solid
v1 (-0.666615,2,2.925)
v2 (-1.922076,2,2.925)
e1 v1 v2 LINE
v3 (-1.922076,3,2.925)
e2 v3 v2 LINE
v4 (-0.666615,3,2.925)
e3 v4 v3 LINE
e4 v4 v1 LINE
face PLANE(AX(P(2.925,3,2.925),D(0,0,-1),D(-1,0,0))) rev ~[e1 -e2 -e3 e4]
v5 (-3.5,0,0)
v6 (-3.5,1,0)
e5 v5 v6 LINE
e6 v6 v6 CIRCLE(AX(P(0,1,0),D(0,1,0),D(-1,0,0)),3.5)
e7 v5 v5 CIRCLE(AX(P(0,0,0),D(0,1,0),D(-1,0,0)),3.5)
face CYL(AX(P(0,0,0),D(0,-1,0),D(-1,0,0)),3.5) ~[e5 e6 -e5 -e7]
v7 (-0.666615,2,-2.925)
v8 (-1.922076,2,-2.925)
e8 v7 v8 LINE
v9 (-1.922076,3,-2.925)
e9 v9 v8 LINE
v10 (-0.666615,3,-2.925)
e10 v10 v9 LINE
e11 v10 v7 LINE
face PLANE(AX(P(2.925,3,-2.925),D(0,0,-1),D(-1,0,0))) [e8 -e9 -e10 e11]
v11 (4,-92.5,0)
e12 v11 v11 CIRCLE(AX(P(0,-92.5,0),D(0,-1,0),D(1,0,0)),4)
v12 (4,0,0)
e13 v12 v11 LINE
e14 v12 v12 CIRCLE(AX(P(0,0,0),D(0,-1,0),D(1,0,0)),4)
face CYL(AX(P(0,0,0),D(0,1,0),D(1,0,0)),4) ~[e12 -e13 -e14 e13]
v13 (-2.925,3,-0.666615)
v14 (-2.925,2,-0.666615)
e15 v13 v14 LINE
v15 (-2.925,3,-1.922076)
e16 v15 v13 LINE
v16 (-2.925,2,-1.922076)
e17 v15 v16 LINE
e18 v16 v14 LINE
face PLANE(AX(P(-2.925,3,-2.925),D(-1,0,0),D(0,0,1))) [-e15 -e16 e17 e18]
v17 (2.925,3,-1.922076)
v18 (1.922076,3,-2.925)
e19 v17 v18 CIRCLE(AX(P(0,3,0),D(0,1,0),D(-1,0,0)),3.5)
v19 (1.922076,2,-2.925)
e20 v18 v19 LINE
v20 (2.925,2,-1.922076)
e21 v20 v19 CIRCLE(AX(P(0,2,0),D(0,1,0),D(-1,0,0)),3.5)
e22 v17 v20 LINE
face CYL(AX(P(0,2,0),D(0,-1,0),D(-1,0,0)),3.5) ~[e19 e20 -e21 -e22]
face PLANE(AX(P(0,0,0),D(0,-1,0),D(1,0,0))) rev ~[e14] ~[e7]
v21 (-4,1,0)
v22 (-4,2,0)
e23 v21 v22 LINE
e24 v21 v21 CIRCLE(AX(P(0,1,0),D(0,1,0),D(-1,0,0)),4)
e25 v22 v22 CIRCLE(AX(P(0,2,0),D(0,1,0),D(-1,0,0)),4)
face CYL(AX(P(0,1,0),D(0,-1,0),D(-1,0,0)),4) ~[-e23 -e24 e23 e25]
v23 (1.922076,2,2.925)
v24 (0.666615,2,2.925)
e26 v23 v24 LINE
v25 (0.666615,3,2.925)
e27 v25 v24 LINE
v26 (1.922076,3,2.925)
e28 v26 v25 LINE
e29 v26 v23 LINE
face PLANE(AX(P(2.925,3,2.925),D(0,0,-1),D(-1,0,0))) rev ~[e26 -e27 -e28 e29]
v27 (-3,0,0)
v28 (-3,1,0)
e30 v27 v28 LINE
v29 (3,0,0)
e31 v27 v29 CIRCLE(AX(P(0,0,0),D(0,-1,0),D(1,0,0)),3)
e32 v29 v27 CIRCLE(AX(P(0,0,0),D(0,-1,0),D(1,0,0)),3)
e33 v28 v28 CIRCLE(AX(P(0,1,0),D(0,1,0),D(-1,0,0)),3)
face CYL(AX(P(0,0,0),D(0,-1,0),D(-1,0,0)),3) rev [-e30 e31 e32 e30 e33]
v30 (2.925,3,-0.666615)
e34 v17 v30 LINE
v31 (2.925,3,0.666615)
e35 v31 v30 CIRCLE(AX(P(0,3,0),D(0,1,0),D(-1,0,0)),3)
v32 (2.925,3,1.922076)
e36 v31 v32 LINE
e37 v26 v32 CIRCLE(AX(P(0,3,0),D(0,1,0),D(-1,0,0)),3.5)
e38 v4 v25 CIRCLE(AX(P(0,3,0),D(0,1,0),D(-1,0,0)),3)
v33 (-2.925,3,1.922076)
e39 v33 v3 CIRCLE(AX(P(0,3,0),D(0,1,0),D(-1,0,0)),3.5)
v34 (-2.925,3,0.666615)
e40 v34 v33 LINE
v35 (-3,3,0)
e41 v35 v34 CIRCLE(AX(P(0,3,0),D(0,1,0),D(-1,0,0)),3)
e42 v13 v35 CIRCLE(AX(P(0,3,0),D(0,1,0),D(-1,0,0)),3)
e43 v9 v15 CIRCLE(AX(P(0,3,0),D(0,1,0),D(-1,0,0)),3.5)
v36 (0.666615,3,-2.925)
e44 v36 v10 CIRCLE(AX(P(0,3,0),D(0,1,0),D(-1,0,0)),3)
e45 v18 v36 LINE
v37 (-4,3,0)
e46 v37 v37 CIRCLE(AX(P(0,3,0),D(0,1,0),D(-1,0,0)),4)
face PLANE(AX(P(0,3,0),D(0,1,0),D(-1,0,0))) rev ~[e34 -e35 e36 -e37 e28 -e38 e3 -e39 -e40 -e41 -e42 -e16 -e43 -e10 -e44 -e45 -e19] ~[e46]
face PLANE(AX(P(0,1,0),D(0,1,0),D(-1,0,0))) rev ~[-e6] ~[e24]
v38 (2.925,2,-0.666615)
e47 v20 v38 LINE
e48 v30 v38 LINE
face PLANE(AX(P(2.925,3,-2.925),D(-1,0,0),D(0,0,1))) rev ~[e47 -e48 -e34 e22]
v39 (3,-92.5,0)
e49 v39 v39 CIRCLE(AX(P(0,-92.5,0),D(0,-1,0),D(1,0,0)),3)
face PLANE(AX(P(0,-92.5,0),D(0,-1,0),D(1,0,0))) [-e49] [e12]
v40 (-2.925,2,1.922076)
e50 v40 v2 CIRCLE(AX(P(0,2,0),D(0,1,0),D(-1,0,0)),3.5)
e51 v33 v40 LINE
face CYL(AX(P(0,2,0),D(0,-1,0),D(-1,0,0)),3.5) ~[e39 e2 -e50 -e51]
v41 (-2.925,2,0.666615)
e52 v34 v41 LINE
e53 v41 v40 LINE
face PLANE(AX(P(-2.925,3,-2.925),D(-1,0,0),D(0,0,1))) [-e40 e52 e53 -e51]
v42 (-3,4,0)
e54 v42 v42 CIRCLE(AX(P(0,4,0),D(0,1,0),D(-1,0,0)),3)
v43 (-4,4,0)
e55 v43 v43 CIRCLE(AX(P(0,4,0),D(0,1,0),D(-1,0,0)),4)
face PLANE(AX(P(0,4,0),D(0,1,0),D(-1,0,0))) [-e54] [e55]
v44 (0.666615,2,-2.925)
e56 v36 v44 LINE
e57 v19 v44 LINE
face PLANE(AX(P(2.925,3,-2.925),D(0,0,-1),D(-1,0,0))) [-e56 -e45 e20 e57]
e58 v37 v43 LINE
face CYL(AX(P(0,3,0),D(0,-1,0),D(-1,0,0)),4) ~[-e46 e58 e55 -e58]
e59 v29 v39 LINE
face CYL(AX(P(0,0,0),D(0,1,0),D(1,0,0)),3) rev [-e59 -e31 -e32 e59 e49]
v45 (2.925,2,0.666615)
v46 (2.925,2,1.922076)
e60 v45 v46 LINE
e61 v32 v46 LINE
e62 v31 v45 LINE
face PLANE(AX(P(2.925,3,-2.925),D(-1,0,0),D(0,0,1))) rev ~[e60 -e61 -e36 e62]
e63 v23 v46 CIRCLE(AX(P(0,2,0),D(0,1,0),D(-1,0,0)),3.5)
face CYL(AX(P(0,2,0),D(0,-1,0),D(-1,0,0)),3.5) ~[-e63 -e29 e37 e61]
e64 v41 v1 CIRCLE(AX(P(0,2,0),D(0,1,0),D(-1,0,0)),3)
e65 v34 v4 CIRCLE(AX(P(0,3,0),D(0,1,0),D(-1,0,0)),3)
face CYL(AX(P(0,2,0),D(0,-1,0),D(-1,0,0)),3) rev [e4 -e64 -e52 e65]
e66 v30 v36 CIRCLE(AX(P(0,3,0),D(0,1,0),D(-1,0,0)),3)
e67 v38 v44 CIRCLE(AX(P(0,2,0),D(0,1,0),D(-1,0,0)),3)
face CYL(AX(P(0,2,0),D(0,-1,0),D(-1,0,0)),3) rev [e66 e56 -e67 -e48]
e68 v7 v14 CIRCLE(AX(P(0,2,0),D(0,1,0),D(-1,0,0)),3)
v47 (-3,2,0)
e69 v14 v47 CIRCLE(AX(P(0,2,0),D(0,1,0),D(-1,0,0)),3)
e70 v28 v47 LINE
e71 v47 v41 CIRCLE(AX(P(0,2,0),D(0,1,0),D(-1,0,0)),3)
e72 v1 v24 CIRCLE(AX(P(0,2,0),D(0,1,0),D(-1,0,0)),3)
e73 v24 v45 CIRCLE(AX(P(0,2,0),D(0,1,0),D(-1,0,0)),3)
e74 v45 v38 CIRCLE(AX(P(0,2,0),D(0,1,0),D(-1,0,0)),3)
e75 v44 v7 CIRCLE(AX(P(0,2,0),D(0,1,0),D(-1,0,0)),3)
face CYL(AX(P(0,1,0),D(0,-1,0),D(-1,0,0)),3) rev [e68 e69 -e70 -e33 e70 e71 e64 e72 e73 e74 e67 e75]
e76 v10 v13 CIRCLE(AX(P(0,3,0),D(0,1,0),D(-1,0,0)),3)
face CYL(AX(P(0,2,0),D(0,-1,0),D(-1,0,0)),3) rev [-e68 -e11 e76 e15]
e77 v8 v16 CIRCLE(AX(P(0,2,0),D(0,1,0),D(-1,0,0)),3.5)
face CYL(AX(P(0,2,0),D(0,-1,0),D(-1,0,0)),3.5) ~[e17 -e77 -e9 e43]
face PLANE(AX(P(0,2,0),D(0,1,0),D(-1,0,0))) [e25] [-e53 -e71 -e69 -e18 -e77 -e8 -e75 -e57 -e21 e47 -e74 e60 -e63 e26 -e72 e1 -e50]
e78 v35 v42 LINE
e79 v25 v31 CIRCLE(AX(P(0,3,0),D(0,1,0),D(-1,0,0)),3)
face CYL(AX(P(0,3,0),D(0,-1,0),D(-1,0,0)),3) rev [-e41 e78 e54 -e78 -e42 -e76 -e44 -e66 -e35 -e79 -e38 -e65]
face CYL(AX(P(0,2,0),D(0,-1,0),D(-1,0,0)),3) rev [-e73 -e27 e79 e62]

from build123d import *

# Parameters (mm, degrees)
F0_R      = 4
F0_R_2    = 3
F1_DEPTH  = 92.5
F2_R      = 3.5
F2_R_2    = 3
F3_DEPTH  = 1
F4_R      = 4
F4_R_2    = 3
F5_DEPTH  = 1
F6_R      = 3.5
F6_R_2    = 3
F7_DEPTH  = 1
F8_W      = 10.2374576963
F8_H      = 9.6328482032
F8_W_2    = 5.85
F8_H_2    = 5.85
F9_DEPTH  = 1
F10_R     = 4
F10_R_2   = 3
F11_DEPTH = 1


with BuildPart() as f1:
    # F0 (on Front) → F1 (new body)
    with BuildSketch(Plane.XZ):
        Circle(F0_R)
        Circle(F0_R_2, mode=Mode.SUBTRACT)
    extrude(amount=F1_DEPTH)

    # F2 (on face) → F3 (join)
    with BuildSketch(Plane(origin=(0, 0, 0), x_dir=(-1, 0, 0), z_dir=(0, 1, 0))):
        Circle(F2_R)
        Circle(F2_R_2, mode=Mode.SUBTRACT)
    extrude(amount=F3_DEPTH)

    # F4 (on face) → F5 (join)
    with BuildSketch(Plane(origin=(0, 1, 0), x_dir=(-1, 0, 0), z_dir=(0, 1, 0))):
        Circle(F4_R)
        Circle(F4_R_2, mode=Mode.SUBTRACT)
    extrude(amount=F5_DEPTH)

    # F6 (on face) → F7 (join)
    with BuildSketch(Plane(origin=(0, 2, 0), x_dir=(-1, 0, 0), z_dir=(0, 1, 0))):
        Circle(F6_R)
        Circle(F6_R_2, mode=Mode.SUBTRACT)
    extrude(amount=F7_DEPTH)

    # F8 (on face) → F9 (cut)
    with BuildSketch(Plane(origin=(0, 3, 0), x_dir=(-1, 0, 0), z_dir=(0, 1, 0))):
        with Locations((0.2122113947, -0.0024125911)):
            Rectangle(F8_W, F8_H)
        Rectangle(F8_W_2, F8_H_2, mode=Mode.SUBTRACT)
    extrude(amount=-F9_DEPTH, mode=Mode.SUBTRACT)

    # F10 (on face) → F11 (join)
    with BuildSketch(Plane(origin=(0, 3, 0), x_dir=(-1, 0, 0), z_dir=(0, 1, 0))):
        Circle(F10_R)
        Circle(F10_R_2, mode=Mode.SUBTRACT)
    extrude(amount=F11_DEPTH)


solid = f1.part
